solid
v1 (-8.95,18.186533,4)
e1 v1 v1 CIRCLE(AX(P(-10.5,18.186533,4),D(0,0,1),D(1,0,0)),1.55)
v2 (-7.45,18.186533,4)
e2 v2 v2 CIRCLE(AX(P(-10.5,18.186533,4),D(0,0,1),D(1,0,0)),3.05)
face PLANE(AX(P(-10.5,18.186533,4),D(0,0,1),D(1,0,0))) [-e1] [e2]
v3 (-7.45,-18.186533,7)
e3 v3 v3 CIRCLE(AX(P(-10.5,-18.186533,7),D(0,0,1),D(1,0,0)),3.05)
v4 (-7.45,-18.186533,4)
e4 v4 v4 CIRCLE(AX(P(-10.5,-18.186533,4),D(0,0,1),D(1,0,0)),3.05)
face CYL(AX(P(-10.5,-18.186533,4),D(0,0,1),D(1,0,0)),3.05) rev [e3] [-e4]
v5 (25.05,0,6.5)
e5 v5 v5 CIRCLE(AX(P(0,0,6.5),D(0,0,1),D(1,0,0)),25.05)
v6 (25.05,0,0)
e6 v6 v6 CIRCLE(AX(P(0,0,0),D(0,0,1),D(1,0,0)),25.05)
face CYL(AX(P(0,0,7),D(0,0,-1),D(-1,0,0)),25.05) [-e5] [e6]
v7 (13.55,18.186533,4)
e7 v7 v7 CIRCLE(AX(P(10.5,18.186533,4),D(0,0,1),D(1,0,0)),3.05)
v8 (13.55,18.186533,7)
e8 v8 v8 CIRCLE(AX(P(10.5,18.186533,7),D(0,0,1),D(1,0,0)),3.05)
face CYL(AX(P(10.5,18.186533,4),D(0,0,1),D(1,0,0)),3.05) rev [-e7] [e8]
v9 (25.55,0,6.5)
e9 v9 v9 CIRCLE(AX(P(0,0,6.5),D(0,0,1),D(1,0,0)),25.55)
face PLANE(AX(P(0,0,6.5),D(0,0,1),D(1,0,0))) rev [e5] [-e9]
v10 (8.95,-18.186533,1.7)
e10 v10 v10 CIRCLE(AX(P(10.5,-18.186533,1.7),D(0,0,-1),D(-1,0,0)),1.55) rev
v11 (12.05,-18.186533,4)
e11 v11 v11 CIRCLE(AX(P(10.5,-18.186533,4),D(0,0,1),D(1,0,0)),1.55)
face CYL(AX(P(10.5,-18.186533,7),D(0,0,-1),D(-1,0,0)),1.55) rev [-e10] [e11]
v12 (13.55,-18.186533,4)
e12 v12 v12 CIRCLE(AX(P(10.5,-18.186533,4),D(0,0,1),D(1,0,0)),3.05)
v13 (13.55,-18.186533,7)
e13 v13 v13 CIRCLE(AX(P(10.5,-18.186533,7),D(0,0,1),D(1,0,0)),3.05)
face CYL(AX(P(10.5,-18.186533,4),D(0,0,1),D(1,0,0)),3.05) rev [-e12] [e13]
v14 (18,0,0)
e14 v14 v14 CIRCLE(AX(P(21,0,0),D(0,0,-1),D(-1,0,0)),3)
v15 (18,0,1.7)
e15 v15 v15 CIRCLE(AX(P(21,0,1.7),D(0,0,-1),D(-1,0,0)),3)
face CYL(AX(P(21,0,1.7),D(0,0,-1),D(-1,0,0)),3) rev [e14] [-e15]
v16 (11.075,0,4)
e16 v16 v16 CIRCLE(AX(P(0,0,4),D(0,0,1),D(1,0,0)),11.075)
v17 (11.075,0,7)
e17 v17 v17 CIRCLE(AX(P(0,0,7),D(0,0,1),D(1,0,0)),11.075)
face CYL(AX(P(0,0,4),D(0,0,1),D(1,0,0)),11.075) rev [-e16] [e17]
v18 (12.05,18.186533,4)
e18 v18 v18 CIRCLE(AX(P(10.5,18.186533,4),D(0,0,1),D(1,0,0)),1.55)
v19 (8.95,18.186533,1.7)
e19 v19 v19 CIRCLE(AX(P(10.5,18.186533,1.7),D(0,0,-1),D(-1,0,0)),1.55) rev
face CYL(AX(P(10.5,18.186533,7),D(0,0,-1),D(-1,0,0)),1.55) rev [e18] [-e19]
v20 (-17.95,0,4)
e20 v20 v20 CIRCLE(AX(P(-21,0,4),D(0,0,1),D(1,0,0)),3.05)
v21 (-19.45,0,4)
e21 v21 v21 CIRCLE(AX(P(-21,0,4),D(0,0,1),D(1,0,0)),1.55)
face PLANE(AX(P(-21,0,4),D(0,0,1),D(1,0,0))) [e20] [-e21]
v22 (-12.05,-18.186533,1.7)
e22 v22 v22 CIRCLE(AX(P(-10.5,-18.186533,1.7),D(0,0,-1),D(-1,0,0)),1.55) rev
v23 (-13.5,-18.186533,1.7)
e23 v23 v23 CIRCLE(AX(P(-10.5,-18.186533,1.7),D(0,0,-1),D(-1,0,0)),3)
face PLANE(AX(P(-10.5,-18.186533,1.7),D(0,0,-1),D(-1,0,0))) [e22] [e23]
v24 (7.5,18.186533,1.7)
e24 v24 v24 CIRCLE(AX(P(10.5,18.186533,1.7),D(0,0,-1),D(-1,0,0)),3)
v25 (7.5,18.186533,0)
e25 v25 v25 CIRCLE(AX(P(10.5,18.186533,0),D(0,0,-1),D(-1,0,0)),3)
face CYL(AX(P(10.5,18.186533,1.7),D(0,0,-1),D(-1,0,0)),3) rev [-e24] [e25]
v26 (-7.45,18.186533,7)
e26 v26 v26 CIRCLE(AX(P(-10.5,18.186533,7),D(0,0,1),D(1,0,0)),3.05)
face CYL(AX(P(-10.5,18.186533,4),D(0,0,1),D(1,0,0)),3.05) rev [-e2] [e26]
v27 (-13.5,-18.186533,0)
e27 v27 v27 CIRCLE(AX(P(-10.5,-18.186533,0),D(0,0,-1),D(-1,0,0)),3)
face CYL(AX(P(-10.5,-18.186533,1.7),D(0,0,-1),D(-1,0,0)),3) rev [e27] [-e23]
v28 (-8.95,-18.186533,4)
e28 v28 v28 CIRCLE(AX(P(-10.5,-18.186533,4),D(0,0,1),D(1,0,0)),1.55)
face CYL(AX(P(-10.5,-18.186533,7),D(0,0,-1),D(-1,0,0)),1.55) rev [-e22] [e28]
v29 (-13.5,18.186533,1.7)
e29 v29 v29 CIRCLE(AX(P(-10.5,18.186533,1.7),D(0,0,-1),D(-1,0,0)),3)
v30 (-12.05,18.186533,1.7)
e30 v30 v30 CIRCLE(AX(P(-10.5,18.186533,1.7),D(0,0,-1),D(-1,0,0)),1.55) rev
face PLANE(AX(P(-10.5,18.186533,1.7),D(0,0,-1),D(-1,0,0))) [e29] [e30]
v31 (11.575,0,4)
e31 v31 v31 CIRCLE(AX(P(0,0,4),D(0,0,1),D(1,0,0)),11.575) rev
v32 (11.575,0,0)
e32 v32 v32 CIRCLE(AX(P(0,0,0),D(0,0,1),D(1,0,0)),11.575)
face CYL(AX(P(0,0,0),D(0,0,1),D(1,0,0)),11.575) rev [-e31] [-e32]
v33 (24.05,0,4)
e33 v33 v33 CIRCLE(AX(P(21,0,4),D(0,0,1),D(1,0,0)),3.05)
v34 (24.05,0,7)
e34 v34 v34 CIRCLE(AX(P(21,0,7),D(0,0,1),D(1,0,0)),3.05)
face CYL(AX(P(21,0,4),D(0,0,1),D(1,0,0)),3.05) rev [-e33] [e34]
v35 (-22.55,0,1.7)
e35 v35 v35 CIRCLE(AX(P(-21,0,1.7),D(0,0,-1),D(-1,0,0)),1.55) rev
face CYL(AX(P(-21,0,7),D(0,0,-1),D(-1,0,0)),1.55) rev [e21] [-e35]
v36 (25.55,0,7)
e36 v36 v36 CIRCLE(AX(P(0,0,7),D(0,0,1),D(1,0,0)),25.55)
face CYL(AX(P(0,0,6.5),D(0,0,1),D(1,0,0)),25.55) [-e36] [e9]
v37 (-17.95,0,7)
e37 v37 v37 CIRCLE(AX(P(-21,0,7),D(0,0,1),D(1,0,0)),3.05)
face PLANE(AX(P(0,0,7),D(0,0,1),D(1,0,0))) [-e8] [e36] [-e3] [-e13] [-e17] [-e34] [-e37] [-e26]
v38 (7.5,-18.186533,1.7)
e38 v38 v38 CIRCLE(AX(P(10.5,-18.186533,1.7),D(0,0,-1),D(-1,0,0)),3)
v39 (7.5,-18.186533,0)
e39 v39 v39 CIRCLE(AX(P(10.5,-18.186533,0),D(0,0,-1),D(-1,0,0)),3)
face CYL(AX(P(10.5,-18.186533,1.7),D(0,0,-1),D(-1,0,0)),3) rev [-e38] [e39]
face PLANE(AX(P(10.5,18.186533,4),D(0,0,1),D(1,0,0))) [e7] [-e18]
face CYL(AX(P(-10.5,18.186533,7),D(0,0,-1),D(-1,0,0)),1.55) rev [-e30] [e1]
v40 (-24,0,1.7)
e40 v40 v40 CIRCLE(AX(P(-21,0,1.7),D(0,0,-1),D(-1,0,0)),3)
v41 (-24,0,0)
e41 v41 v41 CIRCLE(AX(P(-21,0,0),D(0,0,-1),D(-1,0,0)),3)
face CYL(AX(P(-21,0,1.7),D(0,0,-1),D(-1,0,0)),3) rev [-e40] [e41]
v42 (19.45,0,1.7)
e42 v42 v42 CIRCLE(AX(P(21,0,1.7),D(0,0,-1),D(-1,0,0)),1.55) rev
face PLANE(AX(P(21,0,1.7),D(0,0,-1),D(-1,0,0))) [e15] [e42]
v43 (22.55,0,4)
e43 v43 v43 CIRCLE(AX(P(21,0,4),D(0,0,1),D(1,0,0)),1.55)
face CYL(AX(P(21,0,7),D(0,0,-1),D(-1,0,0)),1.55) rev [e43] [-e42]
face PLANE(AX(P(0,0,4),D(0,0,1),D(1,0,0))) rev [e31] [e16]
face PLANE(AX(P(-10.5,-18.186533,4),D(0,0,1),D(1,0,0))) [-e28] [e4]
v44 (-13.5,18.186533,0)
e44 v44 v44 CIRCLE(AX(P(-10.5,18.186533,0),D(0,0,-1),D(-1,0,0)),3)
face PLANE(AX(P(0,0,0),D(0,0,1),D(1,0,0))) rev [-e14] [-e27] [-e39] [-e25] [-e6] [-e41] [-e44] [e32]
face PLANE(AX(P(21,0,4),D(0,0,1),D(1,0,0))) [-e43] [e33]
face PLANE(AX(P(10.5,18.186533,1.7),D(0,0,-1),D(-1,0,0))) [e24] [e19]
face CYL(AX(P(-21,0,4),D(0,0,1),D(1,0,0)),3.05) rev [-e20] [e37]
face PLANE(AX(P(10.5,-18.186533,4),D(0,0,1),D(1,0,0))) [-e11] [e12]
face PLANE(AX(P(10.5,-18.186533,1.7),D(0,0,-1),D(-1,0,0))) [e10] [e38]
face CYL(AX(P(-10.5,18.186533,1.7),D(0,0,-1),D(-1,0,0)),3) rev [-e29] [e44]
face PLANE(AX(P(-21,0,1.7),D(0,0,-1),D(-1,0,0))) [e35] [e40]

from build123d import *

# Parameters (mm, degrees)
SKETCH2_R                           = 25.05
BOSS_EXTRUDE1_DEPTH                 = 7
SKETCH3_R                           = 3.05
DOWEL_PIN_CUTOUT_DEPTH              = 3
MAIN_START                          = -0.5
SKETCH4_R                           = 25.55
SKETCH4_R_2                         = 25.05
MAIN_HOUSING_BEARING_RETAINER_DEPTH = 0.5
SKETCH5_R                           = 1.55
M3_THRU_DEPTH                       = 37.804958905
SKETCH6_R                           = 3
M3_BUTTON_HEAD_CUTOUT_DEPTH         = 1.7
SKETCH8_R                           = 11.575
INPUT_SHAFT_BEARING_CUTOUT_DEPTH    = 37.804958905
INPUT_START                         = -7
SKETCH9_R                           = 11.575
SKETCH9_R_2                         = 11.075
INPUT_SHAFT_BEARING_RETAINER_DEPTH  = 3


with BuildPart() as part:
    # Sketch2 → Boss-Extrude1 (new body)
    with BuildSketch(Plane.XY):
        Circle(SKETCH2_R)
    extrude(amount=BOSS_EXTRUDE1_DEPTH)

    # Sketch3 → Dowel Pin Cutout (cut)
    with BuildSketch(Plane.XY.offset(7)):
        with Locations((-21, 0)):
            Circle(SKETCH3_R)
        with Locations((-10.5, 18.186533479)):
            Circle(SKETCH3_R)
        with Locations((10.5, 18.186533479)):
            Circle(SKETCH3_R)
        with Locations((21, 0)):
            Circle(SKETCH3_R)
        with Locations((10.5, -18.186533479)):
            Circle(SKETCH3_R)
        with Locations((-10.5, -18.186533479)):
            Circle(SKETCH3_R)
    extrude(amount=-DOWEL_PIN_CUTOUT_DEPTH, mode=Mode.SUBTRACT)

    # Sketch4 → Main Housing Bearing Retainer (add)
    with BuildSketch(Plane.XY.offset(7).offset(MAIN_START)):
        Circle(SKETCH4_R)
        Circle(SKETCH4_R_2, mode=Mode.SUBTRACT)
    extrude(amount=MAIN_HOUSING_BEARING_RETAINER_DEPTH)

    # Sketch5 → M3 Thru (cut, through all)
    with BuildSketch(Plane(origin=(0, 0, 0), x_dir=(-1, 0, 0), z_dir=(0, 0, -1))):
        with Locations((-21, 0)):
            Circle(SKETCH5_R)
        with Locations((-10.5, 18.186533479)):
            Circle(SKETCH5_R)
        with Locations((10.5, 18.186533479)):
            Circle(SKETCH5_R)
        with Locations((21, 0)):
            Circle(SKETCH5_R)
        with Locations((10.5, -18.186533479)):
            Circle(SKETCH5_R)
        with Locations((-10.5, -18.186533479)):
            Circle(SKETCH5_R)
    extrude(amount=-M3_THRU_DEPTH, mode=Mode.SUBTRACT)

    # Sketch6 → M3 Button Head Cutout (cut)
    with BuildSketch(Plane(origin=(0, 0, 0), x_dir=(-1, 0, 0), z_dir=(0, 0, -1))):
        with Locations((-21, 0)):
            Circle(SKETCH6_R)
        with Locations((-10.5, 18.186533479)):
            Circle(SKETCH6_R)
        with Locations((10.5, 18.186533479)):
            Circle(SKETCH6_R)
        with Locations((21, 0)):
            Circle(SKETCH6_R)
        with Locations((10.5, -18.186533479)):
            Circle(SKETCH6_R)
        with Locations((-10.5, -18.186533479)):
            Circle(SKETCH6_R)
    extrude(amount=-M3_BUTTON_HEAD_CUTOUT_DEPTH, mode=Mode.SUBTRACT)

    # Sketch8 → Input Shaft Bearing Cutout (cut, through all)
    with BuildSketch(Plane.XY.offset(7)):
        Circle(SKETCH8_R)
    extrude(amount=-INPUT_SHAFT_BEARING_CUTOUT_DEPTH, mode=Mode.SUBTRACT)

    # Sketch9 → Input Shaft Bearing Retainer (add)
    with BuildSketch(Plane(origin=(0, 0, 0), x_dir=(-1, 0, 0), z_dir=(0, 0, -1)).offset(INPUT_START)):
        with Locations(Location((0, 0, 0), (0, 0, 180))):
            Circle(SKETCH9_R)
        with Locations(Location((0, 0, 0), (0, 0, 180))):
            Circle(SKETCH9_R_2, mode=Mode.SUBTRACT)
    extrude(amount=INPUT_SHAFT_BEARING_RETAINER_DEPTH)


solid = part.part
